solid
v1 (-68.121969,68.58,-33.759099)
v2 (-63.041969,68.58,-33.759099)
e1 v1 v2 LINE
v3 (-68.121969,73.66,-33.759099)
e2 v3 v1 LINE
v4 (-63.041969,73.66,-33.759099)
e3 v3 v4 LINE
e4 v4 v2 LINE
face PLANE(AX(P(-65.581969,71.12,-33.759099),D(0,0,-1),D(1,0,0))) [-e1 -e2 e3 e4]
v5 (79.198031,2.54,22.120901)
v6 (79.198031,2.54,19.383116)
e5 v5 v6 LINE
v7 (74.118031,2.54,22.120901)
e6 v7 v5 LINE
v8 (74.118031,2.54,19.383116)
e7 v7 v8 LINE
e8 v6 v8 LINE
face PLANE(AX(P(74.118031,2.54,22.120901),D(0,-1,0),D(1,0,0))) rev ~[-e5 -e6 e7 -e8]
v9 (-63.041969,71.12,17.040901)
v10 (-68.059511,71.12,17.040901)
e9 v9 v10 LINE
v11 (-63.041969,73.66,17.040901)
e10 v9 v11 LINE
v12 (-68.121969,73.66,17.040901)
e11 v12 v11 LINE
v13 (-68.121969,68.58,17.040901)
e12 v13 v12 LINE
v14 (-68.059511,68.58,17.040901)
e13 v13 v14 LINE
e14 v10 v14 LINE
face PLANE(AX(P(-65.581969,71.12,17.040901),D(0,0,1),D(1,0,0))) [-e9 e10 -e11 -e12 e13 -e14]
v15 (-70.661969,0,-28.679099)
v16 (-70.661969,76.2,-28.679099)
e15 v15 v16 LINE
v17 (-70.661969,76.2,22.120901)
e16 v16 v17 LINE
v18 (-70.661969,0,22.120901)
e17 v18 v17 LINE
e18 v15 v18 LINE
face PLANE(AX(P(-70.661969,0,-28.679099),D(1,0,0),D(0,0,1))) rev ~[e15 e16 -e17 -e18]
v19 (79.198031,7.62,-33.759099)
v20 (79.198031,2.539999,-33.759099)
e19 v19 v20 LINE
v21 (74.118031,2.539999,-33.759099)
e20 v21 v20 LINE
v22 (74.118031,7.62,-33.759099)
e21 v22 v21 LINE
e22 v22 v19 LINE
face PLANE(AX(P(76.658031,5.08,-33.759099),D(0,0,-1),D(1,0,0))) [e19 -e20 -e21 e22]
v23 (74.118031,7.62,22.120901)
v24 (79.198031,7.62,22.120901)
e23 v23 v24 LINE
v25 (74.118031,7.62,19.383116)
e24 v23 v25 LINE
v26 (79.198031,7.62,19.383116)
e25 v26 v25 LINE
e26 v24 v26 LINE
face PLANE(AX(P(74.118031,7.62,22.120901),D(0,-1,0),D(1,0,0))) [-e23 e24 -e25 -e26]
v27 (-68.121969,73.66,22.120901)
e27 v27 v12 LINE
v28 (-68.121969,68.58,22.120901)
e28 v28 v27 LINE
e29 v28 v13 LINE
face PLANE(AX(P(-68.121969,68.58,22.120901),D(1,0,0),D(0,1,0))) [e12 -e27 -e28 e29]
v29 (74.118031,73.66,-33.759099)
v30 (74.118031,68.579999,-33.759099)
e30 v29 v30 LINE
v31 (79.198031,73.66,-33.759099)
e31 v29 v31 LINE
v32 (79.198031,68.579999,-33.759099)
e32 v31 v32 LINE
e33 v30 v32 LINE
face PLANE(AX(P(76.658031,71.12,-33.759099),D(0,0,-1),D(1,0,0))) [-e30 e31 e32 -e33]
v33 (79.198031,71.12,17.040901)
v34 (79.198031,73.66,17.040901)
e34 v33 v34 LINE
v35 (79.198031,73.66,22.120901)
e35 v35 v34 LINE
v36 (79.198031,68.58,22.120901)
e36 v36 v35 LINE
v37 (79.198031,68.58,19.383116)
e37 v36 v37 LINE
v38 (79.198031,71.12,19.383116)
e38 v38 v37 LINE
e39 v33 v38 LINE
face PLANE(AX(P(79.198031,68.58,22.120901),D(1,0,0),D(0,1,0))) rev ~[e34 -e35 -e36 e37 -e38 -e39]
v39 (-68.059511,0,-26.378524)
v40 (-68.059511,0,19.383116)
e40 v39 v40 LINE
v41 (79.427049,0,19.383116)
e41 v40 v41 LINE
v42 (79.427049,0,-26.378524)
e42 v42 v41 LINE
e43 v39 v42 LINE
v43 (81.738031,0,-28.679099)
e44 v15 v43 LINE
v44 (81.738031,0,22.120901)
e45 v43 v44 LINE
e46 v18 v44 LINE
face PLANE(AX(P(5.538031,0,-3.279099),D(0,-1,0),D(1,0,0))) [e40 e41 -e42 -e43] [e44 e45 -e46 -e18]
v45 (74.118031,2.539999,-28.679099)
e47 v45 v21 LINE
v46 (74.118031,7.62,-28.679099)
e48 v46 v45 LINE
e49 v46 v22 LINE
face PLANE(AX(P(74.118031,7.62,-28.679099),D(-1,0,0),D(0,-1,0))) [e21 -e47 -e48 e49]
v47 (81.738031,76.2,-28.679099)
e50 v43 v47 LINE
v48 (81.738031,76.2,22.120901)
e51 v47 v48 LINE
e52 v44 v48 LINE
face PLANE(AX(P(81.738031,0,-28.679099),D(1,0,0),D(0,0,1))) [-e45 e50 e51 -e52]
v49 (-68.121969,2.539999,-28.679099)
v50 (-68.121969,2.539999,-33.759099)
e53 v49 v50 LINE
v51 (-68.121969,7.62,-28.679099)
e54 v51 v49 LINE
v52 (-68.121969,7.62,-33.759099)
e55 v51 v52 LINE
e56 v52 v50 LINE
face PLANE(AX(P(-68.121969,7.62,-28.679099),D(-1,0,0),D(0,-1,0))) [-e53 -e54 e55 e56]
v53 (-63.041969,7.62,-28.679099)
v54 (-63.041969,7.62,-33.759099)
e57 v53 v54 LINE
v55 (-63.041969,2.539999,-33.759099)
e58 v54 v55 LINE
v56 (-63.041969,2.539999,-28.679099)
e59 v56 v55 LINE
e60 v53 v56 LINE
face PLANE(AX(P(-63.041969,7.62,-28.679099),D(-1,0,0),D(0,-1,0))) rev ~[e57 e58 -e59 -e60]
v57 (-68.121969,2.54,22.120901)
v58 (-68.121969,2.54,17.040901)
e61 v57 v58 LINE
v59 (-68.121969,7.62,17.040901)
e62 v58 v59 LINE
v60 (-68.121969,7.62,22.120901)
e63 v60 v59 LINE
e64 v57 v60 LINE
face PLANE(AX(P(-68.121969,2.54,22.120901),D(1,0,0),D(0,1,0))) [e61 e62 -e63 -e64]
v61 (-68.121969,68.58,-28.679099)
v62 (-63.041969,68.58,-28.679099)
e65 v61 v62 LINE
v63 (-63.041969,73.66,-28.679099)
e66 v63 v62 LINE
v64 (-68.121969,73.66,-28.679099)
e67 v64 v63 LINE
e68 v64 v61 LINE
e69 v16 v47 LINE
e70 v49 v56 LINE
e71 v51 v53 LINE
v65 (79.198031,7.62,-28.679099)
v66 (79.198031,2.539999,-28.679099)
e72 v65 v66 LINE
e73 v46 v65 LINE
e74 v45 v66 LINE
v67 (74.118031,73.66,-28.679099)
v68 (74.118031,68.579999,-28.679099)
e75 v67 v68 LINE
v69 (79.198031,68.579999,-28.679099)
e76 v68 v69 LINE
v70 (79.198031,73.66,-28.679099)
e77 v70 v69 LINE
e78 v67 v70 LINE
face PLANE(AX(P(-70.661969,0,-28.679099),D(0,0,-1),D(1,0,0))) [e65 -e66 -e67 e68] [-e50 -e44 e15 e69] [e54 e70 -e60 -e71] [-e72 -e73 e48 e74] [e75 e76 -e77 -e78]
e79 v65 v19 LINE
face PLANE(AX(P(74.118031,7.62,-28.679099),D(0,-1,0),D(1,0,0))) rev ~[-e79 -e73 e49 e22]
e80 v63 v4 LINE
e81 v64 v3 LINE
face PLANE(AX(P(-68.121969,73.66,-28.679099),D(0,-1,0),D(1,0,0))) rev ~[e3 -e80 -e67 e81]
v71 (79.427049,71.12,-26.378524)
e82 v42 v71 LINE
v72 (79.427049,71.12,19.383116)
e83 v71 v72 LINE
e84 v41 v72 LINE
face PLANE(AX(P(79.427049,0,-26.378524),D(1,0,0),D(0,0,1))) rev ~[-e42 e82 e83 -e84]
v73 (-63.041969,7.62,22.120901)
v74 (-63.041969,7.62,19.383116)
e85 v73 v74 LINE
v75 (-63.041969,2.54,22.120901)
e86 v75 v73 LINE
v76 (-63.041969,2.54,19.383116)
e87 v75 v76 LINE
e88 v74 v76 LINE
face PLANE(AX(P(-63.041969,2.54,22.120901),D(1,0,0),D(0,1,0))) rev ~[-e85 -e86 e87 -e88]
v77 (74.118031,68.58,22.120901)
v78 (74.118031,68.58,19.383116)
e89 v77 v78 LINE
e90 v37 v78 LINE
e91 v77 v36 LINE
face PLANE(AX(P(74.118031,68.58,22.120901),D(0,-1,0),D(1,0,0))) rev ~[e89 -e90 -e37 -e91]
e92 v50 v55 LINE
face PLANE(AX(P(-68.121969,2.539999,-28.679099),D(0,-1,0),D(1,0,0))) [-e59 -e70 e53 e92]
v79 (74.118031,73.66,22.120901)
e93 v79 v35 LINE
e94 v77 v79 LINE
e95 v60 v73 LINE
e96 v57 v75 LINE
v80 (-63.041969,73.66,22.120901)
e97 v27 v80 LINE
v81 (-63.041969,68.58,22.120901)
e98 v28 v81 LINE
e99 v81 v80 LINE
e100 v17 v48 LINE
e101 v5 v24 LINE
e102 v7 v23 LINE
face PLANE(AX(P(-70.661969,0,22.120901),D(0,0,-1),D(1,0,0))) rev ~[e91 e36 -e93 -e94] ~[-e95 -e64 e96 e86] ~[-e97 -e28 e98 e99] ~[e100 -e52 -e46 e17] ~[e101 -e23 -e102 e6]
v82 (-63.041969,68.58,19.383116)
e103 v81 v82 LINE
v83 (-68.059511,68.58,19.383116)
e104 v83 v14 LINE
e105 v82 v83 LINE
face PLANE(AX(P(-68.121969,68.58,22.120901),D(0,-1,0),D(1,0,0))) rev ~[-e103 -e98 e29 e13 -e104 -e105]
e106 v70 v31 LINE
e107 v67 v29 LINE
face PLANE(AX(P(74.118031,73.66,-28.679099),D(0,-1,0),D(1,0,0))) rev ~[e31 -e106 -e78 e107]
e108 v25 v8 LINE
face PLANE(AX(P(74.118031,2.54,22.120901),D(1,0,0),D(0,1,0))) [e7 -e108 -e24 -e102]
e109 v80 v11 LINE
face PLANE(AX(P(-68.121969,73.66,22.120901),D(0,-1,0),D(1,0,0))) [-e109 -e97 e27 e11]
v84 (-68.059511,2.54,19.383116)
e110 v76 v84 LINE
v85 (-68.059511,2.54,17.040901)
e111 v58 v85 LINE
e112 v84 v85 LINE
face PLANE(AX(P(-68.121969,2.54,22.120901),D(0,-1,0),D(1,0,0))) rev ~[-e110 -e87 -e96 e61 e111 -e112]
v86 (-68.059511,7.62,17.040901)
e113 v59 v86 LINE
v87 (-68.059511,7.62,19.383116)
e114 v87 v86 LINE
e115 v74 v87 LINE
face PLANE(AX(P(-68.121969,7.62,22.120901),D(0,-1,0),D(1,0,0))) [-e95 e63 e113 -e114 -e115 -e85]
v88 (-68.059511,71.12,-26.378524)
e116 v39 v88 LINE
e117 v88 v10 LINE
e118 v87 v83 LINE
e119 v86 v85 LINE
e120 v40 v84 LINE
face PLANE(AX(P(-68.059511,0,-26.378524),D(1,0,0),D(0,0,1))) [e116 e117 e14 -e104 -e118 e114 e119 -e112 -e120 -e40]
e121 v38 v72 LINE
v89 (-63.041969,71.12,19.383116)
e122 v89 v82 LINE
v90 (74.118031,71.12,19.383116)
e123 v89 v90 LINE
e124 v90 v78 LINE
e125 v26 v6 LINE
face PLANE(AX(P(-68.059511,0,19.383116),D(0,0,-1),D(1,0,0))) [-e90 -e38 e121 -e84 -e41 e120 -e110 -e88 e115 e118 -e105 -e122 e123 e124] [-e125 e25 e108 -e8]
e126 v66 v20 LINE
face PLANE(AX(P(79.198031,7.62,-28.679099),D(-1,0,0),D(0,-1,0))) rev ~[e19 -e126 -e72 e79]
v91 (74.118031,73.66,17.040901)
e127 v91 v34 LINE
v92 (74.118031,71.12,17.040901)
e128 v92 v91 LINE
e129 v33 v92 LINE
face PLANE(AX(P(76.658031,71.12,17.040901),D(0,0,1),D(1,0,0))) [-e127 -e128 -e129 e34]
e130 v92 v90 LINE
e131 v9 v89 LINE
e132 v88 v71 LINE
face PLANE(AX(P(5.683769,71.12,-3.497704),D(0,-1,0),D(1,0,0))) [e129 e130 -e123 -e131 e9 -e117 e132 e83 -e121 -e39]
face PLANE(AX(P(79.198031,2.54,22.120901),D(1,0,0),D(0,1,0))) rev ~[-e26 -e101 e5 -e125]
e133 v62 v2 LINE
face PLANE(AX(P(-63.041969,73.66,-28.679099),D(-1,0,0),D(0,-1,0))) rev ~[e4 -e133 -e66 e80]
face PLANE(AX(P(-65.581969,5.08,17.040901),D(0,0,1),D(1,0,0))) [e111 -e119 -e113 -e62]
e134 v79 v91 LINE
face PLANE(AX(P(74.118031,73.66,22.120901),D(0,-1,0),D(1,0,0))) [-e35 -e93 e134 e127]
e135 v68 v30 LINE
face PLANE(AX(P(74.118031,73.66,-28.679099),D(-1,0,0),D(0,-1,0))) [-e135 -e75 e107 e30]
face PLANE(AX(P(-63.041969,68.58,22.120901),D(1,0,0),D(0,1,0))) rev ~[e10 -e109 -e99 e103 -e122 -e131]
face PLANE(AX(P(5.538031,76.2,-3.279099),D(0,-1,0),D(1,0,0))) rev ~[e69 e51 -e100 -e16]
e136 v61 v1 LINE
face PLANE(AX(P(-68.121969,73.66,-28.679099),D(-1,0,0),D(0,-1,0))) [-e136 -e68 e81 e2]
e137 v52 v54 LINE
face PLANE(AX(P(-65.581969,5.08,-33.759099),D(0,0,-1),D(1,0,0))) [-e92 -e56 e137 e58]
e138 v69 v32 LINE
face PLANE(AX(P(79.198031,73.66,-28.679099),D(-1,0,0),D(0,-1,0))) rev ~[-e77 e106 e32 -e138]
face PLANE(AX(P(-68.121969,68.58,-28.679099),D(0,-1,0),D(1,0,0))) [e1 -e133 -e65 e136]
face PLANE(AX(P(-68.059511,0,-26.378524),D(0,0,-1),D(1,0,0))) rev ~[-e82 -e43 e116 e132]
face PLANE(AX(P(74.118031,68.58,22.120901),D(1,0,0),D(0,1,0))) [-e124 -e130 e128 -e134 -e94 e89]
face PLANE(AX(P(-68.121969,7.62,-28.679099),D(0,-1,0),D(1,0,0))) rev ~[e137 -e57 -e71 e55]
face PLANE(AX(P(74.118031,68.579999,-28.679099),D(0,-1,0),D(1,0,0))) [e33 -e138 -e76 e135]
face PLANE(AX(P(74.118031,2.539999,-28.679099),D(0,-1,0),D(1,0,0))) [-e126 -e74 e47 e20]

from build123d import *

# Parameters (mm, degrees)
F0_W     = 152.4
F0_H     = 50.8
F1_DEPTH = 76.2
F2_W     = 147.48656
F2_H     = 45.76164
F3_DEPTH = 71.12
F4_W     = 5.08
F4_H     = 5.080001
F4_H_2   = 5.08
F5_DEPTH = 5.08
F6_W     = 5.08
F6_H     = 5.08
F7_DEPTH = 5.08


with BuildPart() as f1:
    # F0 (on Front) → F1 (new body)
    with BuildSketch(Plane.XZ):
        with Locations((5.538031, -3.279099)):
            Rectangle(F0_W, F0_H)
    extrude(amount=-F1_DEPTH)

    # F2 (on Front) → F3 (cut)
    with BuildSketch(Plane.XZ):
        with Locations((5.683769, -3.497704)):
            Rectangle(F2_W, F2_H)
    extrude(amount=-F3_DEPTH, mode=Mode.SUBTRACT)

    # F4 (on face) → F5 (join)
    with BuildSketch(Plane(origin=(0, 0, -28.679099), x_dir=(1, 0, 0), z_dir=(0, 0, -1))):
        with Locations((-65.581969, -5.08)):
            Rectangle(F4_W, F4_H)
        with Locations((76.658031, -5.08)):
            Rectangle(F4_W, F4_H)
        with Locations((76.658031, -71.12)):
            Rectangle(F4_W, F4_H)
        with Locations((-65.581969, -71.12)):
            Rectangle(F4_W, F4_H_2)
    extrude(amount=F5_DEPTH)

    # F6 (on face) → F7 (cut)
    with BuildSketch(Plane.XY.offset(22.120901)):
        with Locations((-65.581969, 71.12)):
            Rectangle(F6_W, F6_H)
        with Locations((-65.581969, 5.08)):
            Rectangle(F6_W, F6_H)
        with Locations((76.658031, 71.12)):
            Rectangle(F6_W, F6_H)
        with Locations((76.658031, 5.08)):
            Rectangle(F6_W, F6_H)
    extrude(amount=-F7_DEPTH, mode=Mode.SUBTRACT)


solid = f1.part
